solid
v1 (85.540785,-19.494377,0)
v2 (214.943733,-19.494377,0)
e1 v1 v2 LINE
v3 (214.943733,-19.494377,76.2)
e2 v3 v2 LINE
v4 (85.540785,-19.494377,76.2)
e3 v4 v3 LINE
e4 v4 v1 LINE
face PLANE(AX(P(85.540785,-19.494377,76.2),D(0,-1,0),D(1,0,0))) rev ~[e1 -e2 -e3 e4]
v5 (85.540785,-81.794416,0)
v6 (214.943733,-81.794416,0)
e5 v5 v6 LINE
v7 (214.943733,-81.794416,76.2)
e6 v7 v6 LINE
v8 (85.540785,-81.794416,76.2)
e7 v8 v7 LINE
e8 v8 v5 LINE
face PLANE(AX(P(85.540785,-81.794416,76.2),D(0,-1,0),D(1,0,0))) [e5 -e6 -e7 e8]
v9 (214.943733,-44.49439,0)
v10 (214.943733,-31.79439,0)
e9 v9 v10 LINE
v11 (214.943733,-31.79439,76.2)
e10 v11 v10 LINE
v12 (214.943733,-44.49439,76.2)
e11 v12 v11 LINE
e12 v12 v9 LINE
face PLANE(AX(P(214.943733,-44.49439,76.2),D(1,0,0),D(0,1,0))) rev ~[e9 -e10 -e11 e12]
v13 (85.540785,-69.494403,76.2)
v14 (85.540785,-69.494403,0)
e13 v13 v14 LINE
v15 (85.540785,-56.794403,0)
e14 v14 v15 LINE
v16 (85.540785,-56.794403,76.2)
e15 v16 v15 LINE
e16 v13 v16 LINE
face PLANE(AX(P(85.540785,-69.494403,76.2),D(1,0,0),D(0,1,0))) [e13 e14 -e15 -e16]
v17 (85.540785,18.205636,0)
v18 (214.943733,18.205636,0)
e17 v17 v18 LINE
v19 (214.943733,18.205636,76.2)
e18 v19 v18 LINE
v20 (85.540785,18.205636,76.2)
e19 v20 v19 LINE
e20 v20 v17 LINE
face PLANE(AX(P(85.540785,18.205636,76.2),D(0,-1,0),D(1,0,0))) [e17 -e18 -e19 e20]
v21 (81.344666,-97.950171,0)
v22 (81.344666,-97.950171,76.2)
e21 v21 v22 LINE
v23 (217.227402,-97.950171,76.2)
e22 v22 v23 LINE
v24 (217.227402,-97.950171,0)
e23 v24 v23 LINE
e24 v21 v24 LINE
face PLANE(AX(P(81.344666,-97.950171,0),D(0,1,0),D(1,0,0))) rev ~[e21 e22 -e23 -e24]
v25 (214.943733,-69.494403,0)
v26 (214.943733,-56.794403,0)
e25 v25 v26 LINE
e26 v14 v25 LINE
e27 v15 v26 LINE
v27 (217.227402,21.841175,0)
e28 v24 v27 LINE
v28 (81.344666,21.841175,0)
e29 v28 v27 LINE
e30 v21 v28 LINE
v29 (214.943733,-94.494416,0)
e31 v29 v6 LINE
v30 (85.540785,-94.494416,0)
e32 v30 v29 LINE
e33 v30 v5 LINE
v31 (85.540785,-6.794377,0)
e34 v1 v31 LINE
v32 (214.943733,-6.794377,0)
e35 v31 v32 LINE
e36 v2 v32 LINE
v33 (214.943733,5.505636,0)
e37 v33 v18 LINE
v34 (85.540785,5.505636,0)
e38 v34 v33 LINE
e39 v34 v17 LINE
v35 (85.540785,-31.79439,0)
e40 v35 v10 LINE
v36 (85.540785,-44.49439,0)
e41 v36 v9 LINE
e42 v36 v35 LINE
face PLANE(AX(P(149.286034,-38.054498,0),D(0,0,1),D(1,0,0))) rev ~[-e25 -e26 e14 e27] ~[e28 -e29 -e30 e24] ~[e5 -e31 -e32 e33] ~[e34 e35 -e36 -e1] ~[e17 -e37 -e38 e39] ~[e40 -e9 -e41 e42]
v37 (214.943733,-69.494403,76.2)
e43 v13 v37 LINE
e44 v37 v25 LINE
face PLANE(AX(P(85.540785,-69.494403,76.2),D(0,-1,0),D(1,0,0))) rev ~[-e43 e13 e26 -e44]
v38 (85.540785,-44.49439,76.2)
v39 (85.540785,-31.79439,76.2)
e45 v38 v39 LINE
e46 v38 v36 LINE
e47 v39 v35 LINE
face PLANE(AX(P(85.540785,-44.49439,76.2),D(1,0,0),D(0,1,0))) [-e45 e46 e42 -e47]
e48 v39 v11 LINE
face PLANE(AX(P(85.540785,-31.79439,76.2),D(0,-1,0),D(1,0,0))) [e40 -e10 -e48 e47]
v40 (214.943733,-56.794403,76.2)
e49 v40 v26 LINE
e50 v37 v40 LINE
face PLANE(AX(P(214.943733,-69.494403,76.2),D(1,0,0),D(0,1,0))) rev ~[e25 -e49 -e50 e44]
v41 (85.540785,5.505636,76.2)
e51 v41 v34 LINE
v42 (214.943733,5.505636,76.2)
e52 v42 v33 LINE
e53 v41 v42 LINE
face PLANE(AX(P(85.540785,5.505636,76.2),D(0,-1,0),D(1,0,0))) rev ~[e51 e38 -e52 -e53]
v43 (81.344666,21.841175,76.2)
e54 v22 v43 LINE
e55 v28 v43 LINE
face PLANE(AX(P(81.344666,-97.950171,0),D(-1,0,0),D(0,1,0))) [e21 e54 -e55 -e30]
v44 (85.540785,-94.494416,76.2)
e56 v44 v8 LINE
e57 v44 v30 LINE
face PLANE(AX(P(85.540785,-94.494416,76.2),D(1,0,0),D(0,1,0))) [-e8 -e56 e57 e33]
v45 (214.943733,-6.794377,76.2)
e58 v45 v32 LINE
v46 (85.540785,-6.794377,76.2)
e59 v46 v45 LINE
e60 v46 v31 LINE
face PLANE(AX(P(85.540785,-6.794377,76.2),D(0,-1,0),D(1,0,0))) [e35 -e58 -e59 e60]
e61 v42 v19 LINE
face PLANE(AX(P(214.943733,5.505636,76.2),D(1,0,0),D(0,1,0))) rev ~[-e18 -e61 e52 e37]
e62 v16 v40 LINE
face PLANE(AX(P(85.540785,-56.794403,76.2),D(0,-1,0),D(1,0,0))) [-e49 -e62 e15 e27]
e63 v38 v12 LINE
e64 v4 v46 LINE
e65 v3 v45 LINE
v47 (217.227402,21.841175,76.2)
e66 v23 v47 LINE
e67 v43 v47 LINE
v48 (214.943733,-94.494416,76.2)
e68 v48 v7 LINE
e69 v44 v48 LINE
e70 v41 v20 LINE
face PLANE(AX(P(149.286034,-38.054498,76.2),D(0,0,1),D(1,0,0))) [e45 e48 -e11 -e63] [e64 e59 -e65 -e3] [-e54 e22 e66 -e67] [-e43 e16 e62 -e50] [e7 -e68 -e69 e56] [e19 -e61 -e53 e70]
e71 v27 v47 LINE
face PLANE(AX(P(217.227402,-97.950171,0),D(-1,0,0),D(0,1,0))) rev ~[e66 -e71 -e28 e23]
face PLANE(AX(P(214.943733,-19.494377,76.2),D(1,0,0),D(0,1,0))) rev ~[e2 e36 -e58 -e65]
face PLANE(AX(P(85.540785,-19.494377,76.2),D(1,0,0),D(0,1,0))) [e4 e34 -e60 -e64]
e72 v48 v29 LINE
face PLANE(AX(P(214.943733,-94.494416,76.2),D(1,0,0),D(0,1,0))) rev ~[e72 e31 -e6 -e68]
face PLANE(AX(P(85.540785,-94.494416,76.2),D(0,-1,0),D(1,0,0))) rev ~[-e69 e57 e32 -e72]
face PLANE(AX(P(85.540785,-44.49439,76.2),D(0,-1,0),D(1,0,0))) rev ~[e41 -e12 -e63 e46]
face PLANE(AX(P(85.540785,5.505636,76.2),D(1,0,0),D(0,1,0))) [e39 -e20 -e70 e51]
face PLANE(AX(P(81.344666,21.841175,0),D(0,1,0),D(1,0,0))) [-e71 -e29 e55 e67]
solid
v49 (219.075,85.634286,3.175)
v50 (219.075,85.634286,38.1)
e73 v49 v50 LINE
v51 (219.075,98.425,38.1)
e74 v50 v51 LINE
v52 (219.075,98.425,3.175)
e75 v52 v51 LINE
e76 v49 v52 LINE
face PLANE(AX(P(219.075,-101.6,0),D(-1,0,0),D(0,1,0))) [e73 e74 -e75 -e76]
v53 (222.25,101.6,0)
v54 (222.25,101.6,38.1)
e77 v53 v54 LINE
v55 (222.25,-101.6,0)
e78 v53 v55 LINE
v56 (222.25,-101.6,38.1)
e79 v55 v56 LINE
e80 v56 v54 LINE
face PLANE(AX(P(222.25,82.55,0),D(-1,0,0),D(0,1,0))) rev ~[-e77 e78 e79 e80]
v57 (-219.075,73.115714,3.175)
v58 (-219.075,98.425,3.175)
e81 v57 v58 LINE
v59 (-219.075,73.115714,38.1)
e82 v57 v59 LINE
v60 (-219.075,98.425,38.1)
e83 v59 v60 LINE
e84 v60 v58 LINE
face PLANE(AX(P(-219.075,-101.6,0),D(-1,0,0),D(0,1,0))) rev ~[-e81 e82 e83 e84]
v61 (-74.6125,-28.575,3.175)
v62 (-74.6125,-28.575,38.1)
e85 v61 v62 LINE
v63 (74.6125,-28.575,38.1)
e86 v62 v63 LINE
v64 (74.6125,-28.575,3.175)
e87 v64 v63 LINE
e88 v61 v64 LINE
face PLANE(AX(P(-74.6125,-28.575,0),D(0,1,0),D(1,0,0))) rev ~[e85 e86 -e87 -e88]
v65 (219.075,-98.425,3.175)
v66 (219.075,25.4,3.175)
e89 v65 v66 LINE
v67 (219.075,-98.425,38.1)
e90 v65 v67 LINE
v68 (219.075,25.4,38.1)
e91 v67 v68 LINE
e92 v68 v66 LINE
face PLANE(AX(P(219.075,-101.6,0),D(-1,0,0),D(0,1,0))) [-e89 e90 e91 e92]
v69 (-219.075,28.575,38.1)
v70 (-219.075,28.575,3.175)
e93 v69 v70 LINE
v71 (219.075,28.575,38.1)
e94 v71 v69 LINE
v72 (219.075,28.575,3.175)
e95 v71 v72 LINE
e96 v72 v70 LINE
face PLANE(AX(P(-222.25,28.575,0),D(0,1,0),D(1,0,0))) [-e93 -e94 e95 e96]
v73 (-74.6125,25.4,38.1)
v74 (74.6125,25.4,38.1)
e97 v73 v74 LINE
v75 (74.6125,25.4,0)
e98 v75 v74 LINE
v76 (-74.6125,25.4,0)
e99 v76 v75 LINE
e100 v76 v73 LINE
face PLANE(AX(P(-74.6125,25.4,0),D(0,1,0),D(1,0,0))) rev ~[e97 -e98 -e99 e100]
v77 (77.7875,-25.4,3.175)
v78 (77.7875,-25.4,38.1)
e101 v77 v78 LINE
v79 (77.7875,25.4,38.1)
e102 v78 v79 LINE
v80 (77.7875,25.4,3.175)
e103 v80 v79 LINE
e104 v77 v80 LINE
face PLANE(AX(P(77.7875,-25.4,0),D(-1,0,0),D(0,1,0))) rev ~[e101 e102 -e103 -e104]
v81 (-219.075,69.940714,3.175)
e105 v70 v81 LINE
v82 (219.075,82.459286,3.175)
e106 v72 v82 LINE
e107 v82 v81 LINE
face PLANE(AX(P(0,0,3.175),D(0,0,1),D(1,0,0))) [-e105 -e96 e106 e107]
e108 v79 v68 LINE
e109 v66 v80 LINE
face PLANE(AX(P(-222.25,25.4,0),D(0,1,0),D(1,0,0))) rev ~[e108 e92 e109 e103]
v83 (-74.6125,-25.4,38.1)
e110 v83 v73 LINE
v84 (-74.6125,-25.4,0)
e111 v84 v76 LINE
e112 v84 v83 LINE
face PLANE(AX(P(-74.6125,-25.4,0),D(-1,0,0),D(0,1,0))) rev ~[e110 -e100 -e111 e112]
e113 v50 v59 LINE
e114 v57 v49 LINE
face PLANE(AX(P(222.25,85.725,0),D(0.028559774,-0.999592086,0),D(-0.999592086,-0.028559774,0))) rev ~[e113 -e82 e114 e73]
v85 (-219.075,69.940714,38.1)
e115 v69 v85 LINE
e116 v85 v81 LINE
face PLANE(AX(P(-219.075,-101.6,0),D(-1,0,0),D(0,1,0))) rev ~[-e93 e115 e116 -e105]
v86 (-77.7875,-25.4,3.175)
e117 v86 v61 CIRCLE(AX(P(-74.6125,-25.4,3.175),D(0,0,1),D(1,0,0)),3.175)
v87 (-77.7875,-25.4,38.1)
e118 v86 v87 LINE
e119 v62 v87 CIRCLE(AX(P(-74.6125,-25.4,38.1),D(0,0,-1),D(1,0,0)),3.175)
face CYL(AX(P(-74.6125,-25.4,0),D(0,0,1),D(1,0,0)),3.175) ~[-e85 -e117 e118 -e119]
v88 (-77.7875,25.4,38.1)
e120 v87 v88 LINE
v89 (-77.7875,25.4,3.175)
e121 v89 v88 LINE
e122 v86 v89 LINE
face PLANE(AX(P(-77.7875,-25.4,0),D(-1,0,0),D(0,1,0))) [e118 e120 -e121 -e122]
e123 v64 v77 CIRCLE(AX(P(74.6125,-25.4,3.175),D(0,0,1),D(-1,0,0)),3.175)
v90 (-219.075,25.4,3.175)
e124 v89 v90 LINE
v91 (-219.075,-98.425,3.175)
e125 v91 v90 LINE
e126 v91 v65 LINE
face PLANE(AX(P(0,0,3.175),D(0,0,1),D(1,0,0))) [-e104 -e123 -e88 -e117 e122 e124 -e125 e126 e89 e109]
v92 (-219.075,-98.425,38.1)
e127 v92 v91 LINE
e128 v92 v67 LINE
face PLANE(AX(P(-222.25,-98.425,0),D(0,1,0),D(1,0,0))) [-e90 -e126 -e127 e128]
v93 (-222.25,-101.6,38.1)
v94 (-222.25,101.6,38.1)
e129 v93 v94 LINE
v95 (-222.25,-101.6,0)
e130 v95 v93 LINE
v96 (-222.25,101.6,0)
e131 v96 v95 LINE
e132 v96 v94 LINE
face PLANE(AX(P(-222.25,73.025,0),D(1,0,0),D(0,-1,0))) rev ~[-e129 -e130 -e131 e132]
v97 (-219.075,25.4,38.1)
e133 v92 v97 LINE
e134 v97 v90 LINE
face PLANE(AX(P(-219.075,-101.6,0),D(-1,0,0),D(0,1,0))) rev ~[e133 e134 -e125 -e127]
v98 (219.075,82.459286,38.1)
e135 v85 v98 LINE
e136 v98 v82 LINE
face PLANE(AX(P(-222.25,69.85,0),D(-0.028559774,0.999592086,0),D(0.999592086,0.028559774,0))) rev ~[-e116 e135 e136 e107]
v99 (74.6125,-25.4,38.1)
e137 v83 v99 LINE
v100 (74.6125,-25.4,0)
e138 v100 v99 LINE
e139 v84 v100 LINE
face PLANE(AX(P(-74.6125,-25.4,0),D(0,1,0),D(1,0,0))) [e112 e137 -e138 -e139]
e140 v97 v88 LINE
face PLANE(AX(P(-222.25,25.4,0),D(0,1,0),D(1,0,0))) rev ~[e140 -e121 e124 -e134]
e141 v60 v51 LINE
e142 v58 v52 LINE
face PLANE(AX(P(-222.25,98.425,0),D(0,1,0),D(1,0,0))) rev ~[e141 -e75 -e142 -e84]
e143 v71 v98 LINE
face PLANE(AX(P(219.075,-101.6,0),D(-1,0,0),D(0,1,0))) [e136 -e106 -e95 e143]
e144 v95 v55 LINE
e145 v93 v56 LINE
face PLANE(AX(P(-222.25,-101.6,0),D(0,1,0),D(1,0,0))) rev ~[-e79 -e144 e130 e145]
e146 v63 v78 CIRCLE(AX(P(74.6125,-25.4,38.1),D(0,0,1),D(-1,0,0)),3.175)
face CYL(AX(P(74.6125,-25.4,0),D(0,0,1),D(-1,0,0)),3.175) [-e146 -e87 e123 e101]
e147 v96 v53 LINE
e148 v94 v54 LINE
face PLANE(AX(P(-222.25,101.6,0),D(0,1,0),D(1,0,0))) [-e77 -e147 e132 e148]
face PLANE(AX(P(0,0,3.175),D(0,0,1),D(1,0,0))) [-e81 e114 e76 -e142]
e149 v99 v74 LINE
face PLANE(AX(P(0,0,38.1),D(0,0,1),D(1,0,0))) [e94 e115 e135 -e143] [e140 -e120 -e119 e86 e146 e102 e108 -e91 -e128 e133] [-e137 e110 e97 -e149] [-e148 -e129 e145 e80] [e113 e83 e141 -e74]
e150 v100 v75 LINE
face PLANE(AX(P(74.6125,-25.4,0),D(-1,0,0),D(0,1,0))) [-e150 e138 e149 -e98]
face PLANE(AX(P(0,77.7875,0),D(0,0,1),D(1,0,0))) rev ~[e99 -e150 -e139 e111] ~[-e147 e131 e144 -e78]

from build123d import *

# Parameters (mm, degrees)
SKETCH_W            = 444.5
SKETCH_H            = 203.2
SKETCH_W_2          = 149.225
SKETCH_H_2          = 50.8
PAD_DEPTH           = 38.1
THICKNESS_T         = -3.175
SKETCH001_W         = 444.5
SKETCH001_H         = 3.175
PAD001_DEPTH        = 38.1
PAD002_DEPTH        = 38.1
SKETCH003_W         = 135.882736
SKETCH003_H         = 119.791347
PAD003_DEPTH        = 76.2
SKETCH004_W         = 129.402947
SKETCH004_H         = 12.7
POCKET_DEPTH        = 76.201
LINEARPATTERN_COUNT = 5
LINEARPATTERN_PITCH = 25.000013


with BuildPart() as bodytray:
    # Sketch → Pad (new body)
    with BuildSketch(Plane.XY):
        Rectangle(SKETCH_W, SKETCH_H)
        Rectangle(SKETCH_W_2, SKETCH_H_2, mode=Mode.SUBTRACT)
    extrude(amount=PAD_DEPTH)

    # Thickness
    thickness_openings = [bodytray.faces().sort_by_distance(p)[0] for p in [
        (0, 96.712562, 38.1),
    ]]
    offset(amount=THICKNESS_T, openings=thickness_openings)

    # Sketch001 → Pad001 (join)
    with BuildSketch(Plane.XY):
        with Locations((0, 26.9875)):
            Rectangle(SKETCH001_W, SKETCH001_H)
    extrude(amount=PAD001_DEPTH)

    # Sketch002 → Pad002 (join)
    with BuildSketch(Plane.XY):
        Polygon((-222.25, 73.025), (-222.25, 69.85), (222.25, 82.55), (222.25, 85.725), align=None)
    extrude(amount=PAD002_DEPTH)


with BuildPart() as bodyplierholder:
    # Sketch003 → Pad003 (new body)
    with BuildSketch(Plane.XY):
        with Locations((149.286034, -38.054498)):
            Rectangle(SKETCH003_W, SKETCH003_H)
    extrude(amount=PAD003_DEPTH)

    # Sketch004 (on Face6 of Pad003) → Pocket (cut, through all)
    with BuildSketch(Plane.XY.offset(76.2)):
        with Locations((150.242259, -88.144416)):
            Rectangle(SKETCH004_W, SKETCH004_H)
    pocket = extrude(amount=-POCKET_DEPTH, mode=Mode.SUBTRACT)

    # LinearPattern: Pocket ×5
    with Locations(*[(0, i * LINEARPATTERN_PITCH, 0) for i in range(1, LINEARPATTERN_COUNT)]):
        add(pocket, mode=Mode.SUBTRACT)


solid = Compound([bodytray.part, bodyplierholder.part])
